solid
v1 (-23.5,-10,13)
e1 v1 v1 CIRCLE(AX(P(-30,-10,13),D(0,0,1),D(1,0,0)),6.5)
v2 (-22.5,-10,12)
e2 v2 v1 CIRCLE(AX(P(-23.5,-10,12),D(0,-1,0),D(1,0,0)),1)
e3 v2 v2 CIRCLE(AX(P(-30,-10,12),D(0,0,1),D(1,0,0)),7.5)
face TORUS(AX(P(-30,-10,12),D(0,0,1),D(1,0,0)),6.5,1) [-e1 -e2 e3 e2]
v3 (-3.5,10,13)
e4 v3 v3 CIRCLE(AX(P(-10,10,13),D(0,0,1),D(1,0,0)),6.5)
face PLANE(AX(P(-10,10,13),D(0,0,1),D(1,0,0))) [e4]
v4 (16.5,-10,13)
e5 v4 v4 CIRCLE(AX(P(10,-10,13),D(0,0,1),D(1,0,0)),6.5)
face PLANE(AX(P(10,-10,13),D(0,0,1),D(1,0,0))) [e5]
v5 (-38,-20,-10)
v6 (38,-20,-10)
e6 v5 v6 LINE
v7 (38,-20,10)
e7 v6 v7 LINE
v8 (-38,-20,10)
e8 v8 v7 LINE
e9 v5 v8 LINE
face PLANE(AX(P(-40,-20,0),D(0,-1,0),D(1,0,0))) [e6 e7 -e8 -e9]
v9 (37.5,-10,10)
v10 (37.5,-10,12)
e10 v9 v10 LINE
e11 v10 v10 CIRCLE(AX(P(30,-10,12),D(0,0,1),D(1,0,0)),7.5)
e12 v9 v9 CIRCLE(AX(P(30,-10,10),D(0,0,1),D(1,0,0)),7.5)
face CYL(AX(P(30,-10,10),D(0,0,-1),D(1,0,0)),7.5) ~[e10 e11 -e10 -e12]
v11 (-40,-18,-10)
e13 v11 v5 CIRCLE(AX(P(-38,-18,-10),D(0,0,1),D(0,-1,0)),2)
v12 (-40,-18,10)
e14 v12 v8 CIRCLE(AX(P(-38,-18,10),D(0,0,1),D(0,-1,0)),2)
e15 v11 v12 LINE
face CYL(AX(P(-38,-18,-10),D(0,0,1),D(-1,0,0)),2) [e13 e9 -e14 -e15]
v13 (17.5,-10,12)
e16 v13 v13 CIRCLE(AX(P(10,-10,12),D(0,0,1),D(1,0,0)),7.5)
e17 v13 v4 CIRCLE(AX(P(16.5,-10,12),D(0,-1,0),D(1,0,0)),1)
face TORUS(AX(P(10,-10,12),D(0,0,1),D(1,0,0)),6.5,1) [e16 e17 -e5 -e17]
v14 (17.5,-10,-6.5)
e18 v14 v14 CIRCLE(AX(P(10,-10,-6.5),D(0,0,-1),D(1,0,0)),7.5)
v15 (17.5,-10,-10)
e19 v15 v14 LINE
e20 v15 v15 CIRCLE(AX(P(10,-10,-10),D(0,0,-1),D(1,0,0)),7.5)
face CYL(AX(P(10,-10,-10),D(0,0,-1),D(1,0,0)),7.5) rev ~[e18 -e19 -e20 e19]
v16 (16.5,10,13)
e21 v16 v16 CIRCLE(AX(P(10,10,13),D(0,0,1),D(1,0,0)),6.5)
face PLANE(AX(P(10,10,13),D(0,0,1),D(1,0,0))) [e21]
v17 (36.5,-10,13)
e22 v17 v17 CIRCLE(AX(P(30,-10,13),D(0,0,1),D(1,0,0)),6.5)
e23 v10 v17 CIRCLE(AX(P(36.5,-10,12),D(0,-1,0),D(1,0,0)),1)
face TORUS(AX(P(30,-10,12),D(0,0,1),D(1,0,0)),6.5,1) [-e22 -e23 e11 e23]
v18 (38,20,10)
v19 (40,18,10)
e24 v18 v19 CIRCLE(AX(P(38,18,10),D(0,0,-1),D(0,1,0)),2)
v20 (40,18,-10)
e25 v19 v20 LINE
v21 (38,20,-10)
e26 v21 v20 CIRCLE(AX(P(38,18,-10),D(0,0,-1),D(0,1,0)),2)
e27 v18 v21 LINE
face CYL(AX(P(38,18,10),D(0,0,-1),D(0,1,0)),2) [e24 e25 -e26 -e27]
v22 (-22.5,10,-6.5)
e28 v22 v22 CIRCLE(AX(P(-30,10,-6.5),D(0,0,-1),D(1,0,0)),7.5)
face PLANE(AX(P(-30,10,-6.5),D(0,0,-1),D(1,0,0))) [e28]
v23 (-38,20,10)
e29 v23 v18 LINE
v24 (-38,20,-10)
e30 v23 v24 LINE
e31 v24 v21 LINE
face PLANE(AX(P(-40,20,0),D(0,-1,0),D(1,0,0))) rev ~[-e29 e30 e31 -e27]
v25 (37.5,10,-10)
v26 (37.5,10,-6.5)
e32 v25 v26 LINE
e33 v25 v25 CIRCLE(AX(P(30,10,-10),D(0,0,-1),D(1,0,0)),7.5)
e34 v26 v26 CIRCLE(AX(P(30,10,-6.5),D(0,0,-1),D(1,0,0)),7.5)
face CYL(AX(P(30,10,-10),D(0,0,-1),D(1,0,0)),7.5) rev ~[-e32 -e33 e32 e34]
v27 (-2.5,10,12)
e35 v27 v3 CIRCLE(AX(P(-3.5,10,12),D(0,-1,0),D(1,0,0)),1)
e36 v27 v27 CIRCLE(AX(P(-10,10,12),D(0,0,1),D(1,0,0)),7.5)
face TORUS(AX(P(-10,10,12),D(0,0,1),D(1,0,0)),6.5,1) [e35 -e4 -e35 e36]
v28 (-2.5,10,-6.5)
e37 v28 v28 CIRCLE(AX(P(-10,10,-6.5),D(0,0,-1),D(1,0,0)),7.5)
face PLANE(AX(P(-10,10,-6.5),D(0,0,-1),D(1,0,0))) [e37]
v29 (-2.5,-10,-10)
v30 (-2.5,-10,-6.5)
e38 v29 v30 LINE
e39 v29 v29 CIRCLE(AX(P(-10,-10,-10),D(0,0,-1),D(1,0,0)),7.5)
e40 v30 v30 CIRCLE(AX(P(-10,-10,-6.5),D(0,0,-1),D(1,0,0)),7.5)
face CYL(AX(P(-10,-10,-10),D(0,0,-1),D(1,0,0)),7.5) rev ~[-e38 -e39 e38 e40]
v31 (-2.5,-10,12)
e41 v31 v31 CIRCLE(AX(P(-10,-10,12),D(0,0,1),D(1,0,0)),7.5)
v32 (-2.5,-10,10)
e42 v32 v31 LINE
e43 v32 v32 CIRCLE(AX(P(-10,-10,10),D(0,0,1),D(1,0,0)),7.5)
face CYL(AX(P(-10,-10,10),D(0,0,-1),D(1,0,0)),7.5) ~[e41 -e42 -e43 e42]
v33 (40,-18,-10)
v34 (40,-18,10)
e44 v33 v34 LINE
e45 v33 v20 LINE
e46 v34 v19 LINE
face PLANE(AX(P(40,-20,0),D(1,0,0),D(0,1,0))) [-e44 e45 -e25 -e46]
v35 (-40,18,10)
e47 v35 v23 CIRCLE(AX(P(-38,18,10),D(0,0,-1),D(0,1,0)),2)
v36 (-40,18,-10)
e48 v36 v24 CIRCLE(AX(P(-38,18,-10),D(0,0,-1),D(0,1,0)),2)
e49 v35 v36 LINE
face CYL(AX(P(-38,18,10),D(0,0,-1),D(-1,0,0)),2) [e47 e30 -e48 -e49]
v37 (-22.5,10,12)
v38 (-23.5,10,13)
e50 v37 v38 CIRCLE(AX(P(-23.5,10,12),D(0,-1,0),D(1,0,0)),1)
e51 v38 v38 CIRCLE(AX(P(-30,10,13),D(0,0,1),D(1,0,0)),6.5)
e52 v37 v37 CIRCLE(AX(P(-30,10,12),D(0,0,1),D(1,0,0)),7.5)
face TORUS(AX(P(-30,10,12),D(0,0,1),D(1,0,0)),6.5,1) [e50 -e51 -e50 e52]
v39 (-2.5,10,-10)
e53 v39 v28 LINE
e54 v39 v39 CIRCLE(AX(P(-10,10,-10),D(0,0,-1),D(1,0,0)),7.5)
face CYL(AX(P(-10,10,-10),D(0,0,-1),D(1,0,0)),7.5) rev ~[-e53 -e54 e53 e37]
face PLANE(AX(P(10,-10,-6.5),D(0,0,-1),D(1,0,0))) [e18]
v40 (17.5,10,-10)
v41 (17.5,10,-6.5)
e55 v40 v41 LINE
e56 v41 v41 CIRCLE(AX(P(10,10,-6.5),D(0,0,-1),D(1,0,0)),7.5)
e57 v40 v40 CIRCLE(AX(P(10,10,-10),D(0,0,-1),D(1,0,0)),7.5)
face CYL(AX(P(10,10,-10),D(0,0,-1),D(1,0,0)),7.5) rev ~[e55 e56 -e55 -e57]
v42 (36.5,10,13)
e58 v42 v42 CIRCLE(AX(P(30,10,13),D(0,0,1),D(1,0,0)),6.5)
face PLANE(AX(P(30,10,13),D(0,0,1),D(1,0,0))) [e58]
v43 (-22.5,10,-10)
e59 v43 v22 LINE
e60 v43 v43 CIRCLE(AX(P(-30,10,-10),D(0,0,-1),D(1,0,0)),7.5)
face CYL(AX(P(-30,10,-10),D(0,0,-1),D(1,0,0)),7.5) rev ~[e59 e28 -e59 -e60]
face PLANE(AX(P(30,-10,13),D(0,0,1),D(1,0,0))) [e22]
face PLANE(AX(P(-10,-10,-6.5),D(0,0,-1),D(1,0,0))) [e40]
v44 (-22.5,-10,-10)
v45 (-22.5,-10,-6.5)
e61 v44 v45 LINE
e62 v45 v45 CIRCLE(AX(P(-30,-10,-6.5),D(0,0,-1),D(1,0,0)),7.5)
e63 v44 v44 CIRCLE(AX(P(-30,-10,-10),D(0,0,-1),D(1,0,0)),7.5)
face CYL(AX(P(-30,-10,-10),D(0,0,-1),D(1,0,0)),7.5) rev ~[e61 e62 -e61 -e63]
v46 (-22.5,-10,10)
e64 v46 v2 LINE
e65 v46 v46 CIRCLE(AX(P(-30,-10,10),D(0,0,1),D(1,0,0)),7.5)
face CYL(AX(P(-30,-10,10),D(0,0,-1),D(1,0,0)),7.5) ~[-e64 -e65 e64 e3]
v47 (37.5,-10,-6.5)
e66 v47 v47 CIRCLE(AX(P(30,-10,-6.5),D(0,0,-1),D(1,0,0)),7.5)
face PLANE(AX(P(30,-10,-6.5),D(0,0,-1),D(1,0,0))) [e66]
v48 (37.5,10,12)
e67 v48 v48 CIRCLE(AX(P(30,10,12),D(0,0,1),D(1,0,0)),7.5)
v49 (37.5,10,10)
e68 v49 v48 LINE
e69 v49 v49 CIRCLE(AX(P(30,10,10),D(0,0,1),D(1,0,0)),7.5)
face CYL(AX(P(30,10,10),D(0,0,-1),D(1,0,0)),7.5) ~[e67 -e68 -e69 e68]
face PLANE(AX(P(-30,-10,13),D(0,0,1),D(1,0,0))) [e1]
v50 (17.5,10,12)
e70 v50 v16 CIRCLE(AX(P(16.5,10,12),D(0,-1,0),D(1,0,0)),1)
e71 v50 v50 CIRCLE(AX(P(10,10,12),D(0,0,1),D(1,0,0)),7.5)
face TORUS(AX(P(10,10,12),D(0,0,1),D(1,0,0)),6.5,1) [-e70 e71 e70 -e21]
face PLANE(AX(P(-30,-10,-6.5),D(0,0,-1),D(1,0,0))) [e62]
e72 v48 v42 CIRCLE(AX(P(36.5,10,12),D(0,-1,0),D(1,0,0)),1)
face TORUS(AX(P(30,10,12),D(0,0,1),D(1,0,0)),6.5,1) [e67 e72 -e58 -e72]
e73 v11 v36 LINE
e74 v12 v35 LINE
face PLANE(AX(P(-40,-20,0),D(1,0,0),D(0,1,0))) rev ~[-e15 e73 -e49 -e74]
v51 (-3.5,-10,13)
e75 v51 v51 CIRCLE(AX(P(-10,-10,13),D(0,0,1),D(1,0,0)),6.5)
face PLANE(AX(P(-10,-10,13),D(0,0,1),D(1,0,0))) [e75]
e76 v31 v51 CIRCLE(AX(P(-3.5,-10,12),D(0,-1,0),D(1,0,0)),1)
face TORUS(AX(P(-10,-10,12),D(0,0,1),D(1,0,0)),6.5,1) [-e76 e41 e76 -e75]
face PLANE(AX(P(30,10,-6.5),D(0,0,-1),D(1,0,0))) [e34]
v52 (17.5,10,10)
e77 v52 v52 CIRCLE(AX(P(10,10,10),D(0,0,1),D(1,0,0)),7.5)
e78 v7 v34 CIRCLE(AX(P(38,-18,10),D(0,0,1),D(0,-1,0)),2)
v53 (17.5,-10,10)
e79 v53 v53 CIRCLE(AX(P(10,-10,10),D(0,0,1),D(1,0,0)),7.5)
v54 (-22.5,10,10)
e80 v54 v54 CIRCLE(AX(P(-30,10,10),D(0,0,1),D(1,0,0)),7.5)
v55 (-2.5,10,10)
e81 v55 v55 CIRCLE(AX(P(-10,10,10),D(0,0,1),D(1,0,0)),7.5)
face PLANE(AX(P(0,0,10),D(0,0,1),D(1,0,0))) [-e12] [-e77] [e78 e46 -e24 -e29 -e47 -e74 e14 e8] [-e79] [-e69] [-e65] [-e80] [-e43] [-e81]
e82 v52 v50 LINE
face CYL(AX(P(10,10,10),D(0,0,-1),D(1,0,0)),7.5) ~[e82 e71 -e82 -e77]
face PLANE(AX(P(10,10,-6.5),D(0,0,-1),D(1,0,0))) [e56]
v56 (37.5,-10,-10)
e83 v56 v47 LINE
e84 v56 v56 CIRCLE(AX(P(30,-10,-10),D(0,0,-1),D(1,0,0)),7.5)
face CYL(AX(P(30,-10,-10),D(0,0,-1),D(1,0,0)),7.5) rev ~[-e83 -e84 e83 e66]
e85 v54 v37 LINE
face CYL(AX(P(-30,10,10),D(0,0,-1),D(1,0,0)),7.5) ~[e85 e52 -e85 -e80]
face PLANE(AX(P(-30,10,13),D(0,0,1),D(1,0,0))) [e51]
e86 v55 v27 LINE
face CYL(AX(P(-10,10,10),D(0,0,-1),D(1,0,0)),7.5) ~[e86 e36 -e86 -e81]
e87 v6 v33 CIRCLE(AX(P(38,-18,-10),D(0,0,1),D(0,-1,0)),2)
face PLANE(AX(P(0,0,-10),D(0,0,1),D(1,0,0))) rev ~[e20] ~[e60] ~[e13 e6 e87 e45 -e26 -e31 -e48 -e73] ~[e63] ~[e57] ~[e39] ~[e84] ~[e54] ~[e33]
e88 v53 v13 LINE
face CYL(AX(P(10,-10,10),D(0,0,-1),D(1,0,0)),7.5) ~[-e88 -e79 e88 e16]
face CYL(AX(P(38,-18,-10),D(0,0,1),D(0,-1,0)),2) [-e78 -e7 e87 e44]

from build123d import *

# Parameters (mm, degrees)
F0_W     = 80
F0_H     = 40
F1_DEPTH = 10
F2_R     = 7.5
F3_DEPTH = 3
F4_R     = 7.5
F5_DEPTH = 3.5
F6_R     = 2
F7_R     = 1


with BuildPart() as f1:
    # F0 (on Top) → F1 (new body, symmetric)
    with BuildSketch(Plane.XY):
        Rectangle(F0_W, F0_H)
    extrude(amount=F1_DEPTH, both=True)

    # F2 (on face) → F3 (join)
    with BuildSketch(Plane.XY.offset(10)):
        with Locations((30, -10)):
            Circle(F2_R)
        with Locations((10, -10)):
            Circle(F2_R)
        with Locations((30, 10)):
            Circle(F2_R)
        with Locations((10, 10)):
            Circle(F2_R)
        with Locations((-10, -10)):
            Circle(F2_R)
        with Locations((-30, -10)):
            Circle(F2_R)
        with Locations((-30, 10)):
            Circle(F2_R)
        with Locations((-10, 10)):
            Circle(F2_R)
    extrude(amount=F3_DEPTH)

    # F4 (on face) → F5 (cut)
    with BuildSketch(Plane(origin=(0, 0, -10), x_dir=(1, 0, 0), z_dir=(0, 0, -1))):
        with Locations((30, 10)):
            Circle(F4_R)
        with Locations((30, -10)):
            Circle(F4_R)
        with Locations((10, 10)):
            Circle(F4_R)
        with Locations((10, -10)):
            Circle(F4_R)
        with Locations((-10, 10)):
            Circle(F4_R)
        with Locations((-10, -10)):
            Circle(F4_R)
        with Locations((-30, 10)):
            Circle(F4_R)
        with Locations((-30, -10)):
            Circle(F4_R)
    extrude(amount=-F5_DEPTH, mode=Mode.SUBTRACT)

    # F6
    f6_edges = [f1.edges().sort_by_distance(p)[0] for p in [
        (40, 20, 0),
        (-40, 20, 0),
        (-40, -20, 0),
        (40, -20, 0),
    ]]
    fillet(f6_edges, radius=F6_R)

    # F7
    f7_edges = [f1.edges().sort_by_distance(p)[0] for p in [
        (-37.5, 10, 13),
        (-17.5, 10, 13),
        (2.5, 10, 13),
        (22.5, 10, 13),
        (22.5, -10, 13),
        (2.5, -10, 13),
        (-17.5, -10, 13),
        (-37.5, -10, 13),
    ]]
    fillet(f7_edges, radius=F7_R)


solid = f1.part
